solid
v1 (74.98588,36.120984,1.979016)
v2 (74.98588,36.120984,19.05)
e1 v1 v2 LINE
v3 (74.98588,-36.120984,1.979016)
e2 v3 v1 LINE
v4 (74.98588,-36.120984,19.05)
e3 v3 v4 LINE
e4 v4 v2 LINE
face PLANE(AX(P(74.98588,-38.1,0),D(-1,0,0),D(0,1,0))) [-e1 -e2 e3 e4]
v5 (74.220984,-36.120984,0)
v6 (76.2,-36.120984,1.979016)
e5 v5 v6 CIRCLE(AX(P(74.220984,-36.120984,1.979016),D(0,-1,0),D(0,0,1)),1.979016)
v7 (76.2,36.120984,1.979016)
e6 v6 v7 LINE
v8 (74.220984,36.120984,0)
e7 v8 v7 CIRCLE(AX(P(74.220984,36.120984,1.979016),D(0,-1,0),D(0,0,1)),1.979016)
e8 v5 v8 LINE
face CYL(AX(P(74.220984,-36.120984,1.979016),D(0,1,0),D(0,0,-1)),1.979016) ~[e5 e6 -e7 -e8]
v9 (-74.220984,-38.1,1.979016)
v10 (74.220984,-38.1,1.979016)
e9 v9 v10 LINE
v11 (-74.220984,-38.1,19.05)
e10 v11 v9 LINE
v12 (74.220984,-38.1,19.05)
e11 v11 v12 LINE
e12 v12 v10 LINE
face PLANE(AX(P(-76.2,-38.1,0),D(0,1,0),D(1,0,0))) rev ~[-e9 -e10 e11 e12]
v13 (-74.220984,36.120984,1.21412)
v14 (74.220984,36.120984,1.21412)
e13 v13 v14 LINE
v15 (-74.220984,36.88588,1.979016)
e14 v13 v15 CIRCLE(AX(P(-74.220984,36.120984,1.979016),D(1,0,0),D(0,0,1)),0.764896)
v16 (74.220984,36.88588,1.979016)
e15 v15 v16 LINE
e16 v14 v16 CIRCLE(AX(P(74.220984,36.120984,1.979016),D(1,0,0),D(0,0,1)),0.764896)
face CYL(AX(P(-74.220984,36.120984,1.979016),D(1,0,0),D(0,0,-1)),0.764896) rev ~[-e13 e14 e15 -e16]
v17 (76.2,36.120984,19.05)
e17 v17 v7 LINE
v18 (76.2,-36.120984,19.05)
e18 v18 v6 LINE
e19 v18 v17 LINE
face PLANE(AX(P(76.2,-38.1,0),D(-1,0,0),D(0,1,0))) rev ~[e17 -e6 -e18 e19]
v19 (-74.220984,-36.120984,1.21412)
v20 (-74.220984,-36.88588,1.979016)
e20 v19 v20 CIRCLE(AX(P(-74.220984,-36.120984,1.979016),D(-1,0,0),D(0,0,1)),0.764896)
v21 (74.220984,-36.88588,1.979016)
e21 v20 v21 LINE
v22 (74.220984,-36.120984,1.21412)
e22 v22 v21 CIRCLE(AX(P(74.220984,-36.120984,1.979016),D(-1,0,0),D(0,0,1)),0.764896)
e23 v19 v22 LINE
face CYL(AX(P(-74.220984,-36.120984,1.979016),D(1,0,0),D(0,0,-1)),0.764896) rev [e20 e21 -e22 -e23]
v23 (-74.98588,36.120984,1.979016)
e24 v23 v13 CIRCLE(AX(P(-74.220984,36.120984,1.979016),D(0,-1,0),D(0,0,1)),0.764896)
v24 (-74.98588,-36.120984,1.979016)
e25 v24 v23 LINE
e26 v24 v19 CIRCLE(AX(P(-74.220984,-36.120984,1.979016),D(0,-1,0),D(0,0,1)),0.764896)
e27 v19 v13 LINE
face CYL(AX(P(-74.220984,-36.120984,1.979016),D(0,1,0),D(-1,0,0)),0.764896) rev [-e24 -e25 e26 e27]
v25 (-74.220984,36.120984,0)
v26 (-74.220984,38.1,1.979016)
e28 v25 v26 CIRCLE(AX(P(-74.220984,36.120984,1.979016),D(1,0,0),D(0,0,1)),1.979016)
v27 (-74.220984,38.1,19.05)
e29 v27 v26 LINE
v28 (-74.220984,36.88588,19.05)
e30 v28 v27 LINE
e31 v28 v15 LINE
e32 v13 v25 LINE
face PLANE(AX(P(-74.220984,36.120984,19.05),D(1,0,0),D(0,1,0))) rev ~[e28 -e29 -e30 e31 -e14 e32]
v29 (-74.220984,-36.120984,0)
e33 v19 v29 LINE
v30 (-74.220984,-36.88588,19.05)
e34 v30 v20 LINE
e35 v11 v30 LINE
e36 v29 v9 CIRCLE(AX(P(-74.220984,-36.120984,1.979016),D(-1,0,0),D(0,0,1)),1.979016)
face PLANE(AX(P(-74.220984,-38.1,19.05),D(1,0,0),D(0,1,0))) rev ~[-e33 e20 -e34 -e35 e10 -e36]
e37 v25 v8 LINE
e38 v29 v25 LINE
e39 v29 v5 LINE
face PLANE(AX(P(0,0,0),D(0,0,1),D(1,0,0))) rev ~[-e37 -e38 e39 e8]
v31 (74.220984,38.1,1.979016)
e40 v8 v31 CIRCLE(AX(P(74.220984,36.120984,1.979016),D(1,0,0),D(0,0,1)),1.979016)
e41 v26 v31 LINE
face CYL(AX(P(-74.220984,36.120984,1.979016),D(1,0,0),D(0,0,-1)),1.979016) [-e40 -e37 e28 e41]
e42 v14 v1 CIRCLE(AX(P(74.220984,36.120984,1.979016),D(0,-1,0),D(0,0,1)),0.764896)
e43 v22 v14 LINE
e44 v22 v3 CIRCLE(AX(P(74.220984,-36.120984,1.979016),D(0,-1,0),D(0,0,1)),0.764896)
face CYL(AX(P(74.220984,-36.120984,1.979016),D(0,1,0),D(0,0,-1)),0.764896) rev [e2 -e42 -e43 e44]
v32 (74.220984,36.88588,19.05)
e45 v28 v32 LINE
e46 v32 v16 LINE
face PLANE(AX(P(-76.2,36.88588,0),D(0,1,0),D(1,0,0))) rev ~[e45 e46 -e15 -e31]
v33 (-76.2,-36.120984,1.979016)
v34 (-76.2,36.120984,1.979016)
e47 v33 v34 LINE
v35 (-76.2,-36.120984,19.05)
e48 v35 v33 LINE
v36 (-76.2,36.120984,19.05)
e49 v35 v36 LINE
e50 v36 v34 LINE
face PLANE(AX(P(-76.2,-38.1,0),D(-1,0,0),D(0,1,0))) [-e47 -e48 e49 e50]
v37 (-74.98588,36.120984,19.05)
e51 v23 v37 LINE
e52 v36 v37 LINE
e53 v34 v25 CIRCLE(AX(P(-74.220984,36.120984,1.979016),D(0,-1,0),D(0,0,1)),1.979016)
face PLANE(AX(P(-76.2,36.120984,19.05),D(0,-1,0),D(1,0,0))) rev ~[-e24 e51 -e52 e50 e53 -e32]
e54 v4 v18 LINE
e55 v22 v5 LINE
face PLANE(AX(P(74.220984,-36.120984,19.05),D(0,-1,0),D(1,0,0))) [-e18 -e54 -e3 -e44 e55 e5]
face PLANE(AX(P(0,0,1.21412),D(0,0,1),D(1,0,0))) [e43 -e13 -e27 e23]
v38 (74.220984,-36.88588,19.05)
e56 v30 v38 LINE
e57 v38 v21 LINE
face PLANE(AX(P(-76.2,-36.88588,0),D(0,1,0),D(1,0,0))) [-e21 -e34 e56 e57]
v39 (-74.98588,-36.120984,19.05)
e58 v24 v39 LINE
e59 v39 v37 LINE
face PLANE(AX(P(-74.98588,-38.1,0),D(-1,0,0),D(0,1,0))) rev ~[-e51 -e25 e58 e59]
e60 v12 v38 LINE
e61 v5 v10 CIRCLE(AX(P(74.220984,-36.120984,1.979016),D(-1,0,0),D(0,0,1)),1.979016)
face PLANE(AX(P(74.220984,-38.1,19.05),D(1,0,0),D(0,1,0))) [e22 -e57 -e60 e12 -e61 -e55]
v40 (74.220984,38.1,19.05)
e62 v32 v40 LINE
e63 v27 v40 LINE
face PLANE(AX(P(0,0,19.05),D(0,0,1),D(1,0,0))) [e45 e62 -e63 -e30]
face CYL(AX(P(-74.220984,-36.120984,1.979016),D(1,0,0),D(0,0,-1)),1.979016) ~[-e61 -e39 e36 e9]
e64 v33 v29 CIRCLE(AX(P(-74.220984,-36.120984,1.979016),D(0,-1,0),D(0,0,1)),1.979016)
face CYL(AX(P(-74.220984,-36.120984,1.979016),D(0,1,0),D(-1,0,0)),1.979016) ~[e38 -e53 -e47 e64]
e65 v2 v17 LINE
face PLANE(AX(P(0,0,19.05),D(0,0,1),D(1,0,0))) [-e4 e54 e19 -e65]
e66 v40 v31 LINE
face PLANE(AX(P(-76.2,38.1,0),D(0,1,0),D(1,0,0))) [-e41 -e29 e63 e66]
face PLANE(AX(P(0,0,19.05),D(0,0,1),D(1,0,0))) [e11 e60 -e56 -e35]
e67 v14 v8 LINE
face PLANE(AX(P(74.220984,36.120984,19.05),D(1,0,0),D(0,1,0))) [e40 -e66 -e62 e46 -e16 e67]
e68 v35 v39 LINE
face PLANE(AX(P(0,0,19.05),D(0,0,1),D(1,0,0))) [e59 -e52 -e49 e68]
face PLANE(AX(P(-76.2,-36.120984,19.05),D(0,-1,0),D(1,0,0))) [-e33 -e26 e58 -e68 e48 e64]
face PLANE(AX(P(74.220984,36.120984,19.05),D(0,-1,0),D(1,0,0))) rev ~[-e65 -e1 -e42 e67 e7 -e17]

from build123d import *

# Parameters (mm, degrees)
F0_W     = 152.4
F0_H     = 76.2
F1_DEPTH = 19.05
F2_T     = -1.21412
F3_W     = 1.9790156
F3_H     = 1.9790156
F4_DEPTH = 19.051
F5_R     = 0.7648956
F6_R     = 1.9790156


with BuildPart() as f1:
    # F0 (on Top) → F1 (new body)
    with BuildSketch(Plane.XY):
        Rectangle(F0_W, F0_H)
    extrude(amount=F1_DEPTH)

    # F2
    f2_openings = [f1.faces().sort_by_distance(p)[0] for p in [
        (0, 0, 19.05),
    ]]
    offset(amount=F2_T, openings=f2_openings)

    # F3 (on face) → F4 (cut, through all)
    with BuildSketch(Plane.XY.offset(19.05)):
        with Locations((-75.2104922, -37.1104922)):
            Rectangle(F3_W, F3_H)
        with Locations((-75.2104922, 37.1104922)):
            Rectangle(F3_W, F3_H)
        with Locations((75.2104922, -37.1104922)):
            Rectangle(F3_W, F3_H)
        with Locations((75.2104922, 37.1104922)):
            Rectangle(F3_W, F3_H)
    extrude(amount=-F4_DEPTH, mode=Mode.SUBTRACT)

    # F5
    f5_edges = [f1.edges().sort_by_distance(p)[0] for p in [
        (-74.98588, 0, 1.21412),
        (0, 36.88588, 1.21412),
        (0, -36.88588, 1.21412),
        (74.98588, 0, 1.21412),
    ]]
    fillet(f5_edges, radius=F5_R)

    # F6
    f6_edges = [f1.edges().sort_by_distance(p)[0] for p in [
        (0, 38.1, 0),
        (-76.2, 0, 0),
        (76.2, 0, 0),
        (0, -38.1, 0),
    ]]
    fillet(f6_edges, radius=F6_R)


solid = f1.part
